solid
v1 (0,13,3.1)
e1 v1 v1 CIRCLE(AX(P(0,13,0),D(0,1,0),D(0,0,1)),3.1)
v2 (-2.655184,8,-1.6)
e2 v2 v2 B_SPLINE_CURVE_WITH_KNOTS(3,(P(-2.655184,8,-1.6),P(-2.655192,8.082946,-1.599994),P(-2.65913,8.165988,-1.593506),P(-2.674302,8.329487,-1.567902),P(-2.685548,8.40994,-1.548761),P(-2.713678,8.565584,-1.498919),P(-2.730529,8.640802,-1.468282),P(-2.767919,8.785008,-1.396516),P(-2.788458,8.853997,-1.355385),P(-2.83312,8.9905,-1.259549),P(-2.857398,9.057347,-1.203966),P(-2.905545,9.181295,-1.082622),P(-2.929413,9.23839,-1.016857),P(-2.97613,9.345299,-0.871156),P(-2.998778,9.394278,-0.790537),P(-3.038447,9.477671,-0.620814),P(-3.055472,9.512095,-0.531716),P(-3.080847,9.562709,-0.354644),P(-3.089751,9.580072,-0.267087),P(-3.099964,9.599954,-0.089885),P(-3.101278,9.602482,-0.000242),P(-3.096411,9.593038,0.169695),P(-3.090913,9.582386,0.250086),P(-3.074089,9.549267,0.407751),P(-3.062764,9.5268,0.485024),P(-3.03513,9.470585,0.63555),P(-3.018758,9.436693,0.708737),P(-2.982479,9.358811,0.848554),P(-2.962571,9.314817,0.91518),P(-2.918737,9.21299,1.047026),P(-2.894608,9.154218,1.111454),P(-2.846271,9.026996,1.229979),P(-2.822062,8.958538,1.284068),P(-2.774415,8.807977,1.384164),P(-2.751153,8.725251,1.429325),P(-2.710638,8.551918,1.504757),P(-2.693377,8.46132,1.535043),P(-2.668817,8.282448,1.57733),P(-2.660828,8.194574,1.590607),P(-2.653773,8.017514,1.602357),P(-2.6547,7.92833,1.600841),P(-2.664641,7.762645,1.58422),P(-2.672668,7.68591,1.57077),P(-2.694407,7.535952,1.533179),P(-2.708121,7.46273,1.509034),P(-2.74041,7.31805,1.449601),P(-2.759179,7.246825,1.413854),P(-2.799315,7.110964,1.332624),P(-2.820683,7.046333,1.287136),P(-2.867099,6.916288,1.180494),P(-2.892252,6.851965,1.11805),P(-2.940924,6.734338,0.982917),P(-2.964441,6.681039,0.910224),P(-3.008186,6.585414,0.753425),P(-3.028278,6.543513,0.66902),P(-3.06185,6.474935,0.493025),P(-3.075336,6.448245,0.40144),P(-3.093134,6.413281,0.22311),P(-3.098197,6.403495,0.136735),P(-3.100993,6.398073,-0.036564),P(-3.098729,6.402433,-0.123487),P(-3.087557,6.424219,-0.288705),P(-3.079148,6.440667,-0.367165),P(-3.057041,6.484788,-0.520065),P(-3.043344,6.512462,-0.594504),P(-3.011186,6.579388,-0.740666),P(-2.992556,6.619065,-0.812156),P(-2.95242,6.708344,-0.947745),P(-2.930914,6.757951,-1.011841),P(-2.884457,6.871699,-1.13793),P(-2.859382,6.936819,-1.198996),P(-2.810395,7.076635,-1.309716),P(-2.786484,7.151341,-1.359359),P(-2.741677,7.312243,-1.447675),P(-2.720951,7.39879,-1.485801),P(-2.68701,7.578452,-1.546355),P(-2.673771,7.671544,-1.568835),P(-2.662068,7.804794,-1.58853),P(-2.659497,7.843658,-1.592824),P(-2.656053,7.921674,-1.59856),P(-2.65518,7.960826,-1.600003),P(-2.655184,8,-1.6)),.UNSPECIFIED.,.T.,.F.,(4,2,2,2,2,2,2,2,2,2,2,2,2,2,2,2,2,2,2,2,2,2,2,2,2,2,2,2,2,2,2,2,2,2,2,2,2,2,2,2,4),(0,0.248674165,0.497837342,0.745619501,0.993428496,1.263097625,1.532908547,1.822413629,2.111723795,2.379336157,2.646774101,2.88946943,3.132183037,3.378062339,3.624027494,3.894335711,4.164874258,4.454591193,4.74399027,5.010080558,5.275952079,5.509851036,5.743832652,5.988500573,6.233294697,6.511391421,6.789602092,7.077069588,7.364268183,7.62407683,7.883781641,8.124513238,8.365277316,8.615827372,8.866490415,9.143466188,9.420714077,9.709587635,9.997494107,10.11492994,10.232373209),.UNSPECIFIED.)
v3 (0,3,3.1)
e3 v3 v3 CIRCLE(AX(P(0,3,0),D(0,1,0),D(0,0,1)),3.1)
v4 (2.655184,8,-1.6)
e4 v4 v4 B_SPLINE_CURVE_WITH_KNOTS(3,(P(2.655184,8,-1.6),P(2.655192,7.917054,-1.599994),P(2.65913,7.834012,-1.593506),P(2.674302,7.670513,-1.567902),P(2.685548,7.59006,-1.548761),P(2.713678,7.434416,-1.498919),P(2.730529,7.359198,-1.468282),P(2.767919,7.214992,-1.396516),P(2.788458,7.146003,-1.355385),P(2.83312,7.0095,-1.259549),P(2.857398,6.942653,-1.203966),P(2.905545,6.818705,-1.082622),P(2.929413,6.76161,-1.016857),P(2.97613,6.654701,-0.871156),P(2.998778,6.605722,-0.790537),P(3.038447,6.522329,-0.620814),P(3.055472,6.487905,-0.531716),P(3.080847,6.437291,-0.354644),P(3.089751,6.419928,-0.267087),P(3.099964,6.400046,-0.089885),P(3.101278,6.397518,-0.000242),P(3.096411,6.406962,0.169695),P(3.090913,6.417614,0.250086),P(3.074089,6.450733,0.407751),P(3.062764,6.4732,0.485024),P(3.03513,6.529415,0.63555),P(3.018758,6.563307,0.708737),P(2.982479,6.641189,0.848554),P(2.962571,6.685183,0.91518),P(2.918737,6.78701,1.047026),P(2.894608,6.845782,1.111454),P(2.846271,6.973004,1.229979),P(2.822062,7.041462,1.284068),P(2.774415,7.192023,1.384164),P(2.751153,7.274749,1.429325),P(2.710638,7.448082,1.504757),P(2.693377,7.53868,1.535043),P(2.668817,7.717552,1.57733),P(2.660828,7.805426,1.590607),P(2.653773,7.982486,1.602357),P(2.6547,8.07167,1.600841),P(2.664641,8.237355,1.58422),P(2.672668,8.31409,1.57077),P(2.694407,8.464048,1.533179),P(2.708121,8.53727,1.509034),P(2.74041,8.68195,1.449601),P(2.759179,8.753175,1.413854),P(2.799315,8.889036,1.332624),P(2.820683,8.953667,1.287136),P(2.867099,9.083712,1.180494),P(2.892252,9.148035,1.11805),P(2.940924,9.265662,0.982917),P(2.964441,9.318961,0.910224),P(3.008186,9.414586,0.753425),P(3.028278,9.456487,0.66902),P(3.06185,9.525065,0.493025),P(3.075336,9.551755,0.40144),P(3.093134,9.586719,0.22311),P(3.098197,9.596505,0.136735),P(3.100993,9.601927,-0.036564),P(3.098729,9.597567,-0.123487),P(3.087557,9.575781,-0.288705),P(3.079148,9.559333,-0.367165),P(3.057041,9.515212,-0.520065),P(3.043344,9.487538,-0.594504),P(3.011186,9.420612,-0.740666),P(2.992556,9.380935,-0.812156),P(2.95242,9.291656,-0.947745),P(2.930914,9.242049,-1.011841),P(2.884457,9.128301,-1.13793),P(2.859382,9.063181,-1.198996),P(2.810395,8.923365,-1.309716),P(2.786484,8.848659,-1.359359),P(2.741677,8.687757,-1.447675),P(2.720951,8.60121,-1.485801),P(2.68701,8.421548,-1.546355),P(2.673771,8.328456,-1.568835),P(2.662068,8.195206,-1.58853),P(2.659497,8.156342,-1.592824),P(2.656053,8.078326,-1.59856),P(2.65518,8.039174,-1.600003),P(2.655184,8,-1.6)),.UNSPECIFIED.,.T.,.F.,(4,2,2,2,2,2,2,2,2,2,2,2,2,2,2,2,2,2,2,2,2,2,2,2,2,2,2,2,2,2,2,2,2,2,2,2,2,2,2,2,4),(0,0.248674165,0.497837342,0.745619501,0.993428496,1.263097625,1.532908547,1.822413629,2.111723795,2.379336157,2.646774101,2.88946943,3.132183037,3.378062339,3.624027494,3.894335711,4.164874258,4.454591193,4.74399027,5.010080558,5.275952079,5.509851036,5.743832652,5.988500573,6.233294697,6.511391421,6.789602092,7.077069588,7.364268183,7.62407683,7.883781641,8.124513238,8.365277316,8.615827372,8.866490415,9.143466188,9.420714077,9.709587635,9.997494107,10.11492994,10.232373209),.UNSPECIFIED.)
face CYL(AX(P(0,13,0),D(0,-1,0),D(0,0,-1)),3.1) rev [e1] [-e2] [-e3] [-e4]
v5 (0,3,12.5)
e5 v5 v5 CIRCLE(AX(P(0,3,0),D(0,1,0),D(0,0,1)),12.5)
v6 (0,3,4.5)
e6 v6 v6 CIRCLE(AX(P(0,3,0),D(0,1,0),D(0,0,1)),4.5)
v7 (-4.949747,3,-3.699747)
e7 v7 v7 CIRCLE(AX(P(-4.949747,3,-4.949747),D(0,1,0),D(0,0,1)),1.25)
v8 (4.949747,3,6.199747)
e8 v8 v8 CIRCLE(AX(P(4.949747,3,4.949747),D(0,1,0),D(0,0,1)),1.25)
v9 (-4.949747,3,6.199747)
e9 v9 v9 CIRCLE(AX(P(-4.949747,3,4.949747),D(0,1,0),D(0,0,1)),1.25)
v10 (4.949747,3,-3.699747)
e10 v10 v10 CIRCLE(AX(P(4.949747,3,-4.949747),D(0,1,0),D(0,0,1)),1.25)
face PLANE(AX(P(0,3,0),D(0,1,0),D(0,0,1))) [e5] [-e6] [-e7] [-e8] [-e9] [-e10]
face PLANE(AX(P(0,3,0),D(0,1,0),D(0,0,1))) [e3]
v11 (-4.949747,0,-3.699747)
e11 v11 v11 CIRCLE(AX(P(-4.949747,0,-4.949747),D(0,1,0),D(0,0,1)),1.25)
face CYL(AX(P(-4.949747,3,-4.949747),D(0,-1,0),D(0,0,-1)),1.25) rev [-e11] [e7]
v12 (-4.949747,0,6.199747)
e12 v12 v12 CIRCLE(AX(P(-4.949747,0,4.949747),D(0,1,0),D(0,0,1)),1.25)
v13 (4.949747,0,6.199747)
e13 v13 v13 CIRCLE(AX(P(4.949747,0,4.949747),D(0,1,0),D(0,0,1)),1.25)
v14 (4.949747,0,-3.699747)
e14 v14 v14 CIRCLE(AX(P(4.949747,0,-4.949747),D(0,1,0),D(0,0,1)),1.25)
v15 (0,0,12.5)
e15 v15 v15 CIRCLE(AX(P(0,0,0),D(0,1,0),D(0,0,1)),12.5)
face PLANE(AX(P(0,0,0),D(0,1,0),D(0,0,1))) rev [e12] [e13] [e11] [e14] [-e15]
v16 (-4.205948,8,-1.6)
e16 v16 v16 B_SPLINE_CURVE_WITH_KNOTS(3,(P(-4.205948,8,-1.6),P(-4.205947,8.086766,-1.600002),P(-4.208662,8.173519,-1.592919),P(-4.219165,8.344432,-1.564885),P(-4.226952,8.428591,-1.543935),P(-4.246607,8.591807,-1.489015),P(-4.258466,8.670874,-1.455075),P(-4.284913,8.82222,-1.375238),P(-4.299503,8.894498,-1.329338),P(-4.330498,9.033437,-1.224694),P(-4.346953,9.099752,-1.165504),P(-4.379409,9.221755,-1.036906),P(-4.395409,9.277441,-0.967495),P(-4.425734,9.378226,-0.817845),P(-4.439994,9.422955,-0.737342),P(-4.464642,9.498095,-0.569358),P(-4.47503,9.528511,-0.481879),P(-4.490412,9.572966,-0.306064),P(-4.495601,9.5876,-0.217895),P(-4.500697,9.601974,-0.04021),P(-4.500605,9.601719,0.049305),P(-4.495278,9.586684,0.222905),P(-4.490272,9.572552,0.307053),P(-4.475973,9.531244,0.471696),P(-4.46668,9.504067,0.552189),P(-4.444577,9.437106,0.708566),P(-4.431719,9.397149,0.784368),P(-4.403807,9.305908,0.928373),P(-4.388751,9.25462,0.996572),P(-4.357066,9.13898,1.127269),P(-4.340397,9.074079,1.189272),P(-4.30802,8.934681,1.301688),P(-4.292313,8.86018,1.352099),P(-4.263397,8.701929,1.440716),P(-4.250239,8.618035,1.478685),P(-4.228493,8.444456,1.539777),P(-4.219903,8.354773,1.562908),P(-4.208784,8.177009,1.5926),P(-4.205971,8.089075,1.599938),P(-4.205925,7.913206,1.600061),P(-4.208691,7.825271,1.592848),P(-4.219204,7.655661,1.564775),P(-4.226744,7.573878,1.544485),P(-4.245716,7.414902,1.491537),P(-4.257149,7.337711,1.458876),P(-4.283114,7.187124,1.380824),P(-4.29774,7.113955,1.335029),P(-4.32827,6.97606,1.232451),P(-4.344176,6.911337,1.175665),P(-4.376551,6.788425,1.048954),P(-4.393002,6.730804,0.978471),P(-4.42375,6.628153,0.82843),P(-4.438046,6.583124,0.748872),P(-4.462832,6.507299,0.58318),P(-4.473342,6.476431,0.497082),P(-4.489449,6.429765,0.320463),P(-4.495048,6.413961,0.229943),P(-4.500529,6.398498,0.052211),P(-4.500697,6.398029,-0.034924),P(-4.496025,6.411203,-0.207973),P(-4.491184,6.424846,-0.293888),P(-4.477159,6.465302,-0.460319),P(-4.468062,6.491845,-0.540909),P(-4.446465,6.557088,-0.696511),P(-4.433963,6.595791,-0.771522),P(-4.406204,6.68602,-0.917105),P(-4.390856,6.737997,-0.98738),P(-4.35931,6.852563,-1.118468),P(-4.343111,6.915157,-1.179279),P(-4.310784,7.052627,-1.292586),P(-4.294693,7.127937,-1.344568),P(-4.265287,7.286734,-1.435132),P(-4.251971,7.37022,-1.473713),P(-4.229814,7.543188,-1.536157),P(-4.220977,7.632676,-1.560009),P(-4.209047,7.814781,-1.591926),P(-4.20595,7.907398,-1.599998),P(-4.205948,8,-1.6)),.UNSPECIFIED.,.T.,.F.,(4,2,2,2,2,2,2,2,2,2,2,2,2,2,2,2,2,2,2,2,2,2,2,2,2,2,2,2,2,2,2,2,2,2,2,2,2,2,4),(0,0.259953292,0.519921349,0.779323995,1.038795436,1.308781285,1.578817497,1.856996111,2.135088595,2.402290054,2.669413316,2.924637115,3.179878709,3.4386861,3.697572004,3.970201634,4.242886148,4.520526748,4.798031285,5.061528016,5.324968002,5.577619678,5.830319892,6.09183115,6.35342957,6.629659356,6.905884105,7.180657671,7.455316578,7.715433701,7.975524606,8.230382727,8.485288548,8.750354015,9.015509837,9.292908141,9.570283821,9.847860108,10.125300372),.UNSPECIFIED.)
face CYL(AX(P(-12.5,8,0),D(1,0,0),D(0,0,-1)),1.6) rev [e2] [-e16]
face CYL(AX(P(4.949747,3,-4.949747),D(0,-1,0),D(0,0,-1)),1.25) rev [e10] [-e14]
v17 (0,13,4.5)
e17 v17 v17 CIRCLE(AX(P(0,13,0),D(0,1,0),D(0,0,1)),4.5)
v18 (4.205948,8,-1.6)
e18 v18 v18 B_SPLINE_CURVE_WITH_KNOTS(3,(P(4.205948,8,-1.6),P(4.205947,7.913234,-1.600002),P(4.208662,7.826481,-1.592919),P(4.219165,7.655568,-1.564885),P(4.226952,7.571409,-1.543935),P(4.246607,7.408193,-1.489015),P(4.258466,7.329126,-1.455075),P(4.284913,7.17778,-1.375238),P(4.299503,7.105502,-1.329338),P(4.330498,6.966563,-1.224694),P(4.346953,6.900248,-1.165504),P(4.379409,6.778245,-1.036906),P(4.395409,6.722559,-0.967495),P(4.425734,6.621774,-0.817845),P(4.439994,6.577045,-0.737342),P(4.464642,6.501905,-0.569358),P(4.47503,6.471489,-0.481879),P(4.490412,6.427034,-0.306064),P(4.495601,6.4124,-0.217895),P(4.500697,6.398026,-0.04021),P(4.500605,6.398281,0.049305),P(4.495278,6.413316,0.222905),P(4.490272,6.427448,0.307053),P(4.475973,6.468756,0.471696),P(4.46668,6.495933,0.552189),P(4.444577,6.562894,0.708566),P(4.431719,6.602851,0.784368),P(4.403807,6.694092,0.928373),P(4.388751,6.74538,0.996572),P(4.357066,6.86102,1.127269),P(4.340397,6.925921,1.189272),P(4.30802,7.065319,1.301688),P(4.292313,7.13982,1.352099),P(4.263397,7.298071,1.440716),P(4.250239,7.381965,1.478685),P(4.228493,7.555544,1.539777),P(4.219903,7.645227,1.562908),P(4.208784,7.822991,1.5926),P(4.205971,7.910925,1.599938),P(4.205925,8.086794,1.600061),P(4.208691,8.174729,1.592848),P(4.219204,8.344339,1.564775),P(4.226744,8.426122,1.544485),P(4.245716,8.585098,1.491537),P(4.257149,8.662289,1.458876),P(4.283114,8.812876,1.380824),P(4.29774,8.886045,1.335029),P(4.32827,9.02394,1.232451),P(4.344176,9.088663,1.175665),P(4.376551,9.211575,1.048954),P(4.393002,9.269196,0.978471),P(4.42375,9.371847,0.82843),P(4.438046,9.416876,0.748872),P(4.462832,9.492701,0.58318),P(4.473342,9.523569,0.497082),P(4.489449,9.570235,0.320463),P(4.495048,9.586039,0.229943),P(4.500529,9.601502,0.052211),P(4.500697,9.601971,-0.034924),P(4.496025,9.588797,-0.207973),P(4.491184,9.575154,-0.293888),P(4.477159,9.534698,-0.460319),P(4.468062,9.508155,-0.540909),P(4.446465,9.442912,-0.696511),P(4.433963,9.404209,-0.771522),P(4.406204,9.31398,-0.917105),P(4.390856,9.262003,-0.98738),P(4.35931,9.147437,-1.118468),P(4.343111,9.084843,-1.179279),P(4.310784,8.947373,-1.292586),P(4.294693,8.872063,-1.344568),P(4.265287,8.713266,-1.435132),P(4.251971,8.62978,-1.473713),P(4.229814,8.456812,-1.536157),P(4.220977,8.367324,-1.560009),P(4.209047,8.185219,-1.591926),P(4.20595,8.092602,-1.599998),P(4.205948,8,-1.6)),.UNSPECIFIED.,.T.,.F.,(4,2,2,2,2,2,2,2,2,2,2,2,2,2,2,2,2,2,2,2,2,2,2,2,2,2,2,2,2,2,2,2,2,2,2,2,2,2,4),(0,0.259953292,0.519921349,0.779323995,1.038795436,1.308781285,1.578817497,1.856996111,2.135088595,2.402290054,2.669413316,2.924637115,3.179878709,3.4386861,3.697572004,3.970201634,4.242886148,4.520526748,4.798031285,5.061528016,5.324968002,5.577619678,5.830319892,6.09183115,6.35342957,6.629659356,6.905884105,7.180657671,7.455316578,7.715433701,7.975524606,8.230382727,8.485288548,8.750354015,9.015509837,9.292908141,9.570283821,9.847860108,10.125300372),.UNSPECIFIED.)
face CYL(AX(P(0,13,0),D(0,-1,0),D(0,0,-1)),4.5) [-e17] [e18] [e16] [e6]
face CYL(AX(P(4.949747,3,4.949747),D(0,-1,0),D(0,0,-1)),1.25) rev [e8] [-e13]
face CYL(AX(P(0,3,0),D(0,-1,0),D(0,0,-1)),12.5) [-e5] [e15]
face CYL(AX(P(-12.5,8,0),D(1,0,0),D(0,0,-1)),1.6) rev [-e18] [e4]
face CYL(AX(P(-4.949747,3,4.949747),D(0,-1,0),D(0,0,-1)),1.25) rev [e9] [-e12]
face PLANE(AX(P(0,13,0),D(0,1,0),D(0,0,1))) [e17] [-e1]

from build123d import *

# Parameters (mm, degrees)
CROQUIS1_R                 = 12.5
CROQUIS1_R_2               = 1.25
SALIENTE_EXTRUIR1_DEPTH    = 3
SALIENTE_EXTRUIR2_START    = 3
CROQUIS1_3_R               = 4.5
CROQUIS1_3_R_2             = 3.1
SALIENTE_EXTRUIR2_DEPTH    = 10
CORTAR_EXTRUIR1_DEPTH      = 22.943108257
CORTAR_EXTRUIR1_DEPTH_BACK = 22.943108257
CROQUIS2_R                 = 1.6


with BuildPart() as part:
    # Croquis1 → Saliente-Extruir1 (new body)
    with BuildSketch(Plane(origin=(0, 0, 0), x_dir=(1, 0, 0), z_dir=(0, 1, 0))):
        with Locations(Location((0, 0, 0), (0, 0, 270))):
            Circle(CROQUIS1_R)
        with Locations(Location((-4.949747468, 4.949747468, 0), (0, 0, 270))):
            Circle(CROQUIS1_R_2, mode=Mode.SUBTRACT)
        with Locations(Location((4.949747468, 4.949747468, 0), (0, 0, 270))):
            Circle(CROQUIS1_R_2, mode=Mode.SUBTRACT)
        with Locations(Location((4.949747468, -4.949747468, 0), (0, 0, 270))):
            Circle(CROQUIS1_R_2, mode=Mode.SUBTRACT)
        with Locations(Location((-4.949747468, -4.949747468, 0), (0, 0, 270))):
            Circle(CROQUIS1_R_2, mode=Mode.SUBTRACT)
    extrude(amount=SALIENTE_EXTRUIR1_DEPTH)

    # Croquis1<3> → Saliente-Extruir2 (add)
    with BuildSketch(Plane(origin=(0, 0, 0), x_dir=(1, 0, 0), z_dir=(0, 1, 0)).offset(SALIENTE_EXTRUIR2_START)):
        with Locations(Location((0, 0, 0), (0, 0, 270))):
            Circle(CROQUIS1_3_R)
        with Locations(Location((0, 0, 0), (0, 0, 270))):
            Circle(CROQUIS1_3_R_2, mode=Mode.SUBTRACT)
    extrude(amount=SALIENTE_EXTRUIR2_DEPTH)

    # Croquis2 → Cortar-Extruir1 (cut, two sides: drawn at the far end of the back side and taken through both)
    with BuildSketch(Plane(origin=(0, 0, 0), x_dir=(0, 0, -1), z_dir=(1, 0, 0)).offset(-CORTAR_EXTRUIR1_DEPTH_BACK)):
        with Locations((0, 8)):
            Circle(CROQUIS2_R)
    extrude(amount=CORTAR_EXTRUIR1_DEPTH + CORTAR_EXTRUIR1_DEPTH_BACK, mode=Mode.SUBTRACT)


solid = part.part
